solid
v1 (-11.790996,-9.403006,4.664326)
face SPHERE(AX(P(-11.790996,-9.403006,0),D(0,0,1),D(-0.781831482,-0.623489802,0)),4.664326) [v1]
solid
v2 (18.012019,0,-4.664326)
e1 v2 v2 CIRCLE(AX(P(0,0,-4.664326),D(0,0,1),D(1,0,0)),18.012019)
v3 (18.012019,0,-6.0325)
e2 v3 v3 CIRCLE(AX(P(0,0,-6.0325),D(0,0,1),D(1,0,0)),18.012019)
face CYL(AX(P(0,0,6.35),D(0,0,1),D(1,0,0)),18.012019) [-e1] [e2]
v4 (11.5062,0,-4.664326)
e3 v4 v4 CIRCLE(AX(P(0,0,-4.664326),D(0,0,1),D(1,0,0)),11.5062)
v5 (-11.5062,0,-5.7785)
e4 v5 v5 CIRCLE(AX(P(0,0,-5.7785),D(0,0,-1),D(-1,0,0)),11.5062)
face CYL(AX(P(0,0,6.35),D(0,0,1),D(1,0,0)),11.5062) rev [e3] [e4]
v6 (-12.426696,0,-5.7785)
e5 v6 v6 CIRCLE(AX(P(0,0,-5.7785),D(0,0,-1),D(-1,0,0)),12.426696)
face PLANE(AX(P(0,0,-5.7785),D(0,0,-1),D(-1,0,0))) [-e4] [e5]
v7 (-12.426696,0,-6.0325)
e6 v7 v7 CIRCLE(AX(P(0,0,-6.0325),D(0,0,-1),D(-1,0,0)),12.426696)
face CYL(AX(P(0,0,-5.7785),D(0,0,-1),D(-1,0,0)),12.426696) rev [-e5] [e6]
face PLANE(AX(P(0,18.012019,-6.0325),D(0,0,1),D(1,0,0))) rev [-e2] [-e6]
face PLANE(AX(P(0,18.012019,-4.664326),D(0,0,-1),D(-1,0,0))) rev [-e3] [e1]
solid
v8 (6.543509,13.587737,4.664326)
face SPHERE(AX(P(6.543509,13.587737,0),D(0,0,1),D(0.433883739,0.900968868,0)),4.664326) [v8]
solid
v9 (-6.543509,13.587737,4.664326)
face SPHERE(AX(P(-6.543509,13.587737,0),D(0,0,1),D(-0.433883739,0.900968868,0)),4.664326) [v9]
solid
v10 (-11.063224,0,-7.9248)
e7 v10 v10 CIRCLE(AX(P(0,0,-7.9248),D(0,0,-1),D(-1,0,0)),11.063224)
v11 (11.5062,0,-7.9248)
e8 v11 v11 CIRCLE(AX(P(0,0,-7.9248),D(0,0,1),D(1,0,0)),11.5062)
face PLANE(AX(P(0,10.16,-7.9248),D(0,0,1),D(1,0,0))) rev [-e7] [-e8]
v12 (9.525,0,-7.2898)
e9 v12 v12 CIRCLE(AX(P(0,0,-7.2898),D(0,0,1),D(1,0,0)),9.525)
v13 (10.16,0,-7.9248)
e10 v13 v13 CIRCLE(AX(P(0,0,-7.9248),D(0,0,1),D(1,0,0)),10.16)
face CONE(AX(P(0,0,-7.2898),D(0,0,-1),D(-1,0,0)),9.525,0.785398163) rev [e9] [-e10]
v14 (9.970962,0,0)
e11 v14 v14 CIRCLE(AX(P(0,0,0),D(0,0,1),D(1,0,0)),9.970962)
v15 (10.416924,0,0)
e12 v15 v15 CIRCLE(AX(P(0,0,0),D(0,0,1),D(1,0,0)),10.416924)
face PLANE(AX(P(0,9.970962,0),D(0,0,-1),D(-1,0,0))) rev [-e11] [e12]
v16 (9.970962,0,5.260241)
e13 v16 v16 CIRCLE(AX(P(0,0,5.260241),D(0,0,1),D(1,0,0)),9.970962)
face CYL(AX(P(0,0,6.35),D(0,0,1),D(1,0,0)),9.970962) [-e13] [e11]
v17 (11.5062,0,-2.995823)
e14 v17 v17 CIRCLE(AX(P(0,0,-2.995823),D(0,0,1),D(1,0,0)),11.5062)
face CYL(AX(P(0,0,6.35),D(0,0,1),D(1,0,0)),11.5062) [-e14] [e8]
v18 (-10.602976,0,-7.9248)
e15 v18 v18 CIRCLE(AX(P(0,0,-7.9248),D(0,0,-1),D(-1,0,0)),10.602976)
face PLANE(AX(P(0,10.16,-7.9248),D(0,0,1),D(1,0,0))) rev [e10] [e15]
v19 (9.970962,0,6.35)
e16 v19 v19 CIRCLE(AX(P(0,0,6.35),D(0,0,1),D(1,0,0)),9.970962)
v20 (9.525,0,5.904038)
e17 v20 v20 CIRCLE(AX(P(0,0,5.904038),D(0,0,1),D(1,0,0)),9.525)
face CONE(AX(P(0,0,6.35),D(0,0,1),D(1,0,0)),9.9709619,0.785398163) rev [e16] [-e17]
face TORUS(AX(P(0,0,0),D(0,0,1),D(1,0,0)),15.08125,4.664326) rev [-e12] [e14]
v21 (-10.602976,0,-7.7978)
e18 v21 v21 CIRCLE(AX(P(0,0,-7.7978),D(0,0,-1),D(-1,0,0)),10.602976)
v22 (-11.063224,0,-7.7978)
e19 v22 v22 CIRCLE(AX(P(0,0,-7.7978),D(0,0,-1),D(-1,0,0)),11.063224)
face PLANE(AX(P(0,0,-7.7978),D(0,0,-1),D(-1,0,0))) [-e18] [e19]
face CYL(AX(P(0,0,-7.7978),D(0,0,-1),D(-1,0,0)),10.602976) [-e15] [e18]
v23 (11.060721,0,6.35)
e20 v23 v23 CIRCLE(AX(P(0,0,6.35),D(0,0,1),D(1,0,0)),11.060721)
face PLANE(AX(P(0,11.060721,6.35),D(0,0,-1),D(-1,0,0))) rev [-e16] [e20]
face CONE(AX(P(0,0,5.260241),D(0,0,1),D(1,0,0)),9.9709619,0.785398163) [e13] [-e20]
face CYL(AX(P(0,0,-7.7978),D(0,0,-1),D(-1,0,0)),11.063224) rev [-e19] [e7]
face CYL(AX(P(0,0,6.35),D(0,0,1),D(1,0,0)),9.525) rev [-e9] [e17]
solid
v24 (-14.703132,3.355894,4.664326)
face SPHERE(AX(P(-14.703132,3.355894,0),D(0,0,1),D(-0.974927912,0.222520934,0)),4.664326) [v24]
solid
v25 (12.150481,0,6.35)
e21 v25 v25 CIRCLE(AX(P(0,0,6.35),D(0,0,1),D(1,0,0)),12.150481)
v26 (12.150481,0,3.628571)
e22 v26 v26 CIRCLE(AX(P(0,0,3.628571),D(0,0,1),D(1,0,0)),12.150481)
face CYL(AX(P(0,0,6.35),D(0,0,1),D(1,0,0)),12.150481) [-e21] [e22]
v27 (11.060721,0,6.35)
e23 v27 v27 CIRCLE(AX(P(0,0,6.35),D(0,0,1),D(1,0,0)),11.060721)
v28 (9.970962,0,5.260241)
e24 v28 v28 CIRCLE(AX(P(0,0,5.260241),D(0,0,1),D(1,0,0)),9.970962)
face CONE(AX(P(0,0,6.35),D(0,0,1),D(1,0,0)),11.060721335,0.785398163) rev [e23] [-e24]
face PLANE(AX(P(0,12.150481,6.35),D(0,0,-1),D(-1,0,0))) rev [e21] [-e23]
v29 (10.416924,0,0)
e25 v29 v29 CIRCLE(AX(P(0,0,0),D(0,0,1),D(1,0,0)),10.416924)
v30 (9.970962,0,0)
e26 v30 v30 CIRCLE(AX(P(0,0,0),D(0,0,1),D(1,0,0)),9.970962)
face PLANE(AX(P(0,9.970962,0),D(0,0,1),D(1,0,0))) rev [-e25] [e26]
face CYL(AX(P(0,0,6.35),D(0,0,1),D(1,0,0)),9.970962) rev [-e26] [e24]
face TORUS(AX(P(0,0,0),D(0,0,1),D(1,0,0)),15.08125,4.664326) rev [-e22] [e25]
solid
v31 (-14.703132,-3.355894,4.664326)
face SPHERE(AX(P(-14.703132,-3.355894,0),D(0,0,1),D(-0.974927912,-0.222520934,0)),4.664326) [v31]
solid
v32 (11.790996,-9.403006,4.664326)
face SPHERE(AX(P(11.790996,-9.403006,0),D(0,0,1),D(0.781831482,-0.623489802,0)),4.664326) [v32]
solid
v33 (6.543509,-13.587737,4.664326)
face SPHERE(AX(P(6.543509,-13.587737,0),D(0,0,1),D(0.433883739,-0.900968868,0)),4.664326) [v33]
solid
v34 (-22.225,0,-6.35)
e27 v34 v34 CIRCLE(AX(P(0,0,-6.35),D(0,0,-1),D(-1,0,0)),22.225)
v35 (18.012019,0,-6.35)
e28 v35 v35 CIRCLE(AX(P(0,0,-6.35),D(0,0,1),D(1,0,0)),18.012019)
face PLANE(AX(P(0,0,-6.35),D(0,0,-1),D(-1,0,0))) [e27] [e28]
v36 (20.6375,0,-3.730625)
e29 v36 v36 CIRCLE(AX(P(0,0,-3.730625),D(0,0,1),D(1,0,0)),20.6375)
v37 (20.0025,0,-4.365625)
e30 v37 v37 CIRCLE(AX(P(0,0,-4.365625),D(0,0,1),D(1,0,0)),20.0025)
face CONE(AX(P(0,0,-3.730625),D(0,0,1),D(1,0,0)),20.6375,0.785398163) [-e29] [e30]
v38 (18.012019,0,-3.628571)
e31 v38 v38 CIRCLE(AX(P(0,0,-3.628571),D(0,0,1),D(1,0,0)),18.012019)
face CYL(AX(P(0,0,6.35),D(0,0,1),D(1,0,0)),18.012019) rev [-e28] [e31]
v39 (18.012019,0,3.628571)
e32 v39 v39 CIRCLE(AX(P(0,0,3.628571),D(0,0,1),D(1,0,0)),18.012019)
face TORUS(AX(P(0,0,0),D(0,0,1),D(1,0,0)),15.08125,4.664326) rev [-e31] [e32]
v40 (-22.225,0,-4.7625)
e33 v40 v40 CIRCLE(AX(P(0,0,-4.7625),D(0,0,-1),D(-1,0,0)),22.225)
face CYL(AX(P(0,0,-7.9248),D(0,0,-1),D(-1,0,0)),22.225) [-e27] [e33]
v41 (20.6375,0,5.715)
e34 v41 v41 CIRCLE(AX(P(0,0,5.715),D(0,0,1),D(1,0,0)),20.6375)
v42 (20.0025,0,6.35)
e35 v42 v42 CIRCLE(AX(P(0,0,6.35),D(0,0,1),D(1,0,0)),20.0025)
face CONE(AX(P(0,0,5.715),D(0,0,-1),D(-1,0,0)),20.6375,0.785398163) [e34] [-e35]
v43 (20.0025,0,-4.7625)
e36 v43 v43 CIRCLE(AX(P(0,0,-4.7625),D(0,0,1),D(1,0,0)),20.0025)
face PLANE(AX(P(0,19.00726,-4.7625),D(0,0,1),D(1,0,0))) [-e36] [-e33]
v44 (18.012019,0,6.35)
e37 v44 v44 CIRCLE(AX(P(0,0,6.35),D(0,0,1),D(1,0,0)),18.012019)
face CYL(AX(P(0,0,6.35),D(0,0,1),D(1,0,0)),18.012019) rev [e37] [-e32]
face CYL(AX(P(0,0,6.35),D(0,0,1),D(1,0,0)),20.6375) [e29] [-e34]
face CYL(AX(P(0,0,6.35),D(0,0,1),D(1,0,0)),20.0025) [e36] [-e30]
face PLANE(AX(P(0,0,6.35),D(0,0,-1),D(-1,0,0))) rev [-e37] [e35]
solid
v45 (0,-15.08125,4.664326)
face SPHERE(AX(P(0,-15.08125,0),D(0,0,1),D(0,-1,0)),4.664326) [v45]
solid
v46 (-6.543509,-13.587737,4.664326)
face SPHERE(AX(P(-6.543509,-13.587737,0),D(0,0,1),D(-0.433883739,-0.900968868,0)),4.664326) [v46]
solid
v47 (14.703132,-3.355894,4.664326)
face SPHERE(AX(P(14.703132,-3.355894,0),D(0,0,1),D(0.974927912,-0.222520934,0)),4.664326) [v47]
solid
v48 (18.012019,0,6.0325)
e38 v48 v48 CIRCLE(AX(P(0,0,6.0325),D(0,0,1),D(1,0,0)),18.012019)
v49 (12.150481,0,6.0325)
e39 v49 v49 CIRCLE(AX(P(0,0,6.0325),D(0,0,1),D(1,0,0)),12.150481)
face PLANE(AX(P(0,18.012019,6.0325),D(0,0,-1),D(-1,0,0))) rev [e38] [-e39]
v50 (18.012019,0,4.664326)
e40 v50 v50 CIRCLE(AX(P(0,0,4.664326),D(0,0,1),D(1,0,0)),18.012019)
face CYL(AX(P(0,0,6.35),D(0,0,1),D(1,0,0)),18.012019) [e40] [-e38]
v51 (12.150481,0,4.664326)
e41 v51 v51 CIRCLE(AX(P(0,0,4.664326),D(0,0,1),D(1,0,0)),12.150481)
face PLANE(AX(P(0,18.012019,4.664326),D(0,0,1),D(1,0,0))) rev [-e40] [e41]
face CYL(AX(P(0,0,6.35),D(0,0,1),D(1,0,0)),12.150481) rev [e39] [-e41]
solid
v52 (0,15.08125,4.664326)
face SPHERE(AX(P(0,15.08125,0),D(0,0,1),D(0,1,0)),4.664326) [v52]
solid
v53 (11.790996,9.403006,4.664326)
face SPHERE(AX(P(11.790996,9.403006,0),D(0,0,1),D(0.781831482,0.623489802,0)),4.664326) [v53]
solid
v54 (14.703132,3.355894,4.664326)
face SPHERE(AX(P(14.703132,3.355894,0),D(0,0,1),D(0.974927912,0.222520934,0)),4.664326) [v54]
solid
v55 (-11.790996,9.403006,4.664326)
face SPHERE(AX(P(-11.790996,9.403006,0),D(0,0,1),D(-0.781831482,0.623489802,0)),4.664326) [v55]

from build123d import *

# Parameters (mm, degrees)
SKETCH5_W          = 1.5875
SKETCH5_H          = 3.217740385
CIRPATTERN1_COUNT  = 14
SKETCH7_W          = 1.3681738
SKETCH7_H          = 5.861538462
SKETCH7_H_2        = 6.505819231
SKETCH9_R          = 11.063224
SKETCH9_R_2        = 10.602976
CUT_EXTRUDE1_DEPTH = 0.127
SKETCH10_R         = 12.426696
SKETCH10_R_2       = 11.5062
CUT_EXTRUDE2_DEPTH = 0.254


with BuildPart() as part:
    # Sketch8 → Revolve7 (revolve)
    with BuildSketch(Plane(origin=(0, 0, 0), x_dir=(0, 0, -1), z_dir=(1, 0, 0))):
        with BuildLine():
            Line((6.35, 20.0025), (5.715, 20.6375))
            Line((5.715, 20.6375), (-5.715, 20.6375))
            Line((-5.715, 20.6375), (-6.35, 20.0025))
            Line((-6.35, 20.0025), (-6.35, 18.012019231))
            Line((-6.35, 18.012019231), (-3.628571429, 18.012019231))
            ThreePointArc((-3.628571429, 18.012019231), (0, 19.7455762), (3.628571429, 18.012019231))
            Line((3.628571429, 18.012019231), (6.35, 18.012019231))
            Line((6.35, 18.012019231), (6.35, 20.0025))
        make_face()
    revolve(axis=Axis((0, 0, 6.35), (0, 0, -1)))

    # Sketch5 → Revolve5 (revolve)
    with BuildSketch(Plane(origin=(0, 0, 0), x_dir=(0, 0, -1), z_dir=(1, 0, 0))):
        with Locations((5.55625, 20.616129808)):
            Rectangle(SKETCH5_W, SKETCH5_H)
    revolve(axis=Axis((0, 0, -7.9248), (0, 0, 1)))

    # Sketch6 → Cut-Revolve1 (revolve, cut)
    with BuildSketch(Plane(origin=(0, 0, 0), x_dir=(0, 0, -1), z_dir=(1, 0, 0))):
        Polygon((3.730625, 20.6375), (4.365625, 20.0025), (4.7625, 20.0025), (4.7625, 20.6375), align=None)
    revolve(axis=Axis((0, 0, 6.35), (0, 0, -1)), mode=Mode.SUBTRACT)


with BuildPart() as body_2:
    # Sketch2 → Revolve2 (revolve)
    with BuildSketch(Plane(origin=(0, 0, 0), x_dir=(0, 0, -1), z_dir=(1, 0, 0))):
        with BuildLine():
            Line((-6.35, 12.150480769), (-3.628571429, 12.150480769))
            ThreePointArc((-3.628571429, 12.150480769), (-2.010705745, 10.872568342), (0, 10.4169238))
            Line((0, 10.4169238), (0, 9.9709619))
            Line((0, 9.9709619), (-5.260240565, 9.9709619))
            Line((-5.260240565, 9.9709619), (-6.35, 11.060721335))
            Line((-6.35, 11.060721335), (-6.35, 12.150480769))
        make_face()
    revolve(axis=Axis((0, 0, 6.35), (0, 0, -1)))


with BuildPart() as body_3:
    # Sketch3 → Revolve3 (revolve)
    with BuildSketch(Plane(origin=(0, 0, 0), x_dir=(0, 0, -1), z_dir=(1, 0, 0))):
        with BuildLine():
            Line((-6.35, 11.060721335), (-5.260240565, 9.9709619))
            Line((-5.260240565, 9.9709619), (0, 9.9709619))
            Line((0, 9.9709619), (0, 10.4169238))
            ThreePointArc((0, 10.4169238), (1.593853744, 10.697693323), (2.995823158, 11.5062))
            Line((2.995823158, 11.5062), (7.9248, 11.5062))
            Line((7.9248, 11.5062), (7.9248, 10.16))
            Line((7.9248, 10.16), (7.2898, 9.525))
            Line((7.2898, 9.525), (-5.9040381, 9.525))
            Line((-5.9040381, 9.525), (-6.35, 9.9709619))
            Line((-6.35, 9.9709619), (-6.35, 11.060721335))
        make_face()
    revolve(axis=Axis((0, 0, 6.35), (0, 0, -1)))

    # Sketch9 → Cut-Extrude1 (cut)
    with BuildSketch(Plane(origin=(0, 0, -7.9248), x_dir=(-1, 0, 0), z_dir=(0, 0, -1))):
        Circle(SKETCH9_R)
        Circle(SKETCH9_R_2, mode=Mode.SUBTRACT)
    extrude(amount=-CUT_EXTRUDE1_DEPTH, mode=Mode.SUBTRACT)


with BuildPart() as body_4:
    # Sketch4 → Revolve4 (revolve)
    with BuildSketch(Plane(origin=(0, 0, 0), x_dir=(0, 0, -1), z_dir=(1, 0, 0))):
        with BuildLine():
            Line((-4.6643262, 15.08125), (4.6643262, 15.08125))
            ThreePointArc((4.6643262, 15.08125), (0, 19.7455762), (-4.6643262, 15.08125))
        make_face()
    revolve(axis=Axis((0, 15.08125, 4.6643262), (0, 0, -1)))


with BuildPart() as cirpattern1_1:
    # CirPattern1: pattern copy
    add(body_4.part.rotate(Axis((0, 0, 6.35), (0, 0, -1)), 1 * 360 / CIRPATTERN1_COUNT))


with BuildPart() as cirpattern1_2:
    # CirPattern1: pattern copy
    add(body_4.part.rotate(Axis((0, 0, 6.35), (0, 0, -1)), 2 * 360 / CIRPATTERN1_COUNT))


with BuildPart() as cirpattern1_3:
    # CirPattern1: pattern copy
    add(body_4.part.rotate(Axis((0, 0, 6.35), (0, 0, -1)), 3 * 360 / CIRPATTERN1_COUNT))


with BuildPart() as cirpattern1_4:
    # CirPattern1: pattern copy
    add(body_4.part.rotate(Axis((0, 0, 6.35), (0, 0, -1)), 4 * 360 / CIRPATTERN1_COUNT))


with BuildPart() as cirpattern1_5:
    # CirPattern1: pattern copy
    add(body_4.part.rotate(Axis((0, 0, 6.35), (0, 0, -1)), 5 * 360 / CIRPATTERN1_COUNT))


with BuildPart() as cirpattern1_6:
    # CirPattern1: pattern copy
    add(body_4.part.rotate(Axis((0, 0, 6.35), (0, 0, -1)), 6 * 360 / CIRPATTERN1_COUNT))


with BuildPart() as cirpattern1_7:
    # CirPattern1: pattern copy
    add(body_4.part.rotate(Axis((0, 0, 6.35), (0, 0, -1)), 7 * 360 / CIRPATTERN1_COUNT))


with BuildPart() as cirpattern1_8:
    # CirPattern1: pattern copy
    add(body_4.part.rotate(Axis((0, 0, 6.35), (0, 0, -1)), 8 * 360 / CIRPATTERN1_COUNT))


with BuildPart() as cirpattern1_9:
    # CirPattern1: pattern copy
    add(body_4.part.rotate(Axis((0, 0, 6.35), (0, 0, -1)), 9 * 360 / CIRPATTERN1_COUNT))


with BuildPart() as cirpattern1_10:
    # CirPattern1: pattern copy
    add(body_4.part.rotate(Axis((0, 0, 6.35), (0, 0, -1)), 10 * 360 / CIRPATTERN1_COUNT))


with BuildPart() as cirpattern1_11:
    # CirPattern1: pattern copy
    add(body_4.part.rotate(Axis((0, 0, 6.35), (0, 0, -1)), 11 * 360 / CIRPATTERN1_COUNT))


with BuildPart() as cirpattern1_12:
    # CirPattern1: pattern copy
    add(body_4.part.rotate(Axis((0, 0, 6.35), (0, 0, -1)), 12 * 360 / CIRPATTERN1_COUNT))


with BuildPart() as cirpattern1_13:
    # CirPattern1: pattern copy
    add(body_4.part.rotate(Axis((0, 0, 6.35), (0, 0, -1)), 13 * 360 / CIRPATTERN1_COUNT))


with BuildPart() as body_18:
    # Sketch7 → Revolve6 (revolve)
    with BuildSketch(Plane(origin=(0, 0, 0), x_dir=(0, 0, -1), z_dir=(1, 0, 0))):
        with Locations((-5.3484131, 15.08125)):
            Rectangle(SKETCH7_W, SKETCH7_H)
        with Locations((5.3484131, 14.759109616)):
            Rectangle(SKETCH7_W, SKETCH7_H_2)
    revolve(axis=Axis((0, 0, 6.35), (0, 0, -1)))

    # Sketch10 → Cut-Extrude2 (cut)
    with BuildSketch(Plane(origin=(0, 0, -6.0325), x_dir=(-1, 0, 0), z_dir=(0, 0, -1))):
        Circle(SKETCH10_R)
        Circle(SKETCH10_R_2, mode=Mode.SUBTRACT)
    extrude(amount=-CUT_EXTRUDE2_DEPTH, mode=Mode.SUBTRACT)


solid = Compound([part.part, body_2.part, body_3.part, body_4.part, cirpattern1_1.part, cirpattern1_2.part, cirpattern1_3.part, cirpattern1_4.part, cirpattern1_5.part, cirpattern1_6.part, cirpattern1_7.part, cirpattern1_8.part, cirpattern1_9.part, cirpattern1_10.part, cirpattern1_11.part, cirpattern1_12.part, cirpattern1_13.part, body_18.part])
